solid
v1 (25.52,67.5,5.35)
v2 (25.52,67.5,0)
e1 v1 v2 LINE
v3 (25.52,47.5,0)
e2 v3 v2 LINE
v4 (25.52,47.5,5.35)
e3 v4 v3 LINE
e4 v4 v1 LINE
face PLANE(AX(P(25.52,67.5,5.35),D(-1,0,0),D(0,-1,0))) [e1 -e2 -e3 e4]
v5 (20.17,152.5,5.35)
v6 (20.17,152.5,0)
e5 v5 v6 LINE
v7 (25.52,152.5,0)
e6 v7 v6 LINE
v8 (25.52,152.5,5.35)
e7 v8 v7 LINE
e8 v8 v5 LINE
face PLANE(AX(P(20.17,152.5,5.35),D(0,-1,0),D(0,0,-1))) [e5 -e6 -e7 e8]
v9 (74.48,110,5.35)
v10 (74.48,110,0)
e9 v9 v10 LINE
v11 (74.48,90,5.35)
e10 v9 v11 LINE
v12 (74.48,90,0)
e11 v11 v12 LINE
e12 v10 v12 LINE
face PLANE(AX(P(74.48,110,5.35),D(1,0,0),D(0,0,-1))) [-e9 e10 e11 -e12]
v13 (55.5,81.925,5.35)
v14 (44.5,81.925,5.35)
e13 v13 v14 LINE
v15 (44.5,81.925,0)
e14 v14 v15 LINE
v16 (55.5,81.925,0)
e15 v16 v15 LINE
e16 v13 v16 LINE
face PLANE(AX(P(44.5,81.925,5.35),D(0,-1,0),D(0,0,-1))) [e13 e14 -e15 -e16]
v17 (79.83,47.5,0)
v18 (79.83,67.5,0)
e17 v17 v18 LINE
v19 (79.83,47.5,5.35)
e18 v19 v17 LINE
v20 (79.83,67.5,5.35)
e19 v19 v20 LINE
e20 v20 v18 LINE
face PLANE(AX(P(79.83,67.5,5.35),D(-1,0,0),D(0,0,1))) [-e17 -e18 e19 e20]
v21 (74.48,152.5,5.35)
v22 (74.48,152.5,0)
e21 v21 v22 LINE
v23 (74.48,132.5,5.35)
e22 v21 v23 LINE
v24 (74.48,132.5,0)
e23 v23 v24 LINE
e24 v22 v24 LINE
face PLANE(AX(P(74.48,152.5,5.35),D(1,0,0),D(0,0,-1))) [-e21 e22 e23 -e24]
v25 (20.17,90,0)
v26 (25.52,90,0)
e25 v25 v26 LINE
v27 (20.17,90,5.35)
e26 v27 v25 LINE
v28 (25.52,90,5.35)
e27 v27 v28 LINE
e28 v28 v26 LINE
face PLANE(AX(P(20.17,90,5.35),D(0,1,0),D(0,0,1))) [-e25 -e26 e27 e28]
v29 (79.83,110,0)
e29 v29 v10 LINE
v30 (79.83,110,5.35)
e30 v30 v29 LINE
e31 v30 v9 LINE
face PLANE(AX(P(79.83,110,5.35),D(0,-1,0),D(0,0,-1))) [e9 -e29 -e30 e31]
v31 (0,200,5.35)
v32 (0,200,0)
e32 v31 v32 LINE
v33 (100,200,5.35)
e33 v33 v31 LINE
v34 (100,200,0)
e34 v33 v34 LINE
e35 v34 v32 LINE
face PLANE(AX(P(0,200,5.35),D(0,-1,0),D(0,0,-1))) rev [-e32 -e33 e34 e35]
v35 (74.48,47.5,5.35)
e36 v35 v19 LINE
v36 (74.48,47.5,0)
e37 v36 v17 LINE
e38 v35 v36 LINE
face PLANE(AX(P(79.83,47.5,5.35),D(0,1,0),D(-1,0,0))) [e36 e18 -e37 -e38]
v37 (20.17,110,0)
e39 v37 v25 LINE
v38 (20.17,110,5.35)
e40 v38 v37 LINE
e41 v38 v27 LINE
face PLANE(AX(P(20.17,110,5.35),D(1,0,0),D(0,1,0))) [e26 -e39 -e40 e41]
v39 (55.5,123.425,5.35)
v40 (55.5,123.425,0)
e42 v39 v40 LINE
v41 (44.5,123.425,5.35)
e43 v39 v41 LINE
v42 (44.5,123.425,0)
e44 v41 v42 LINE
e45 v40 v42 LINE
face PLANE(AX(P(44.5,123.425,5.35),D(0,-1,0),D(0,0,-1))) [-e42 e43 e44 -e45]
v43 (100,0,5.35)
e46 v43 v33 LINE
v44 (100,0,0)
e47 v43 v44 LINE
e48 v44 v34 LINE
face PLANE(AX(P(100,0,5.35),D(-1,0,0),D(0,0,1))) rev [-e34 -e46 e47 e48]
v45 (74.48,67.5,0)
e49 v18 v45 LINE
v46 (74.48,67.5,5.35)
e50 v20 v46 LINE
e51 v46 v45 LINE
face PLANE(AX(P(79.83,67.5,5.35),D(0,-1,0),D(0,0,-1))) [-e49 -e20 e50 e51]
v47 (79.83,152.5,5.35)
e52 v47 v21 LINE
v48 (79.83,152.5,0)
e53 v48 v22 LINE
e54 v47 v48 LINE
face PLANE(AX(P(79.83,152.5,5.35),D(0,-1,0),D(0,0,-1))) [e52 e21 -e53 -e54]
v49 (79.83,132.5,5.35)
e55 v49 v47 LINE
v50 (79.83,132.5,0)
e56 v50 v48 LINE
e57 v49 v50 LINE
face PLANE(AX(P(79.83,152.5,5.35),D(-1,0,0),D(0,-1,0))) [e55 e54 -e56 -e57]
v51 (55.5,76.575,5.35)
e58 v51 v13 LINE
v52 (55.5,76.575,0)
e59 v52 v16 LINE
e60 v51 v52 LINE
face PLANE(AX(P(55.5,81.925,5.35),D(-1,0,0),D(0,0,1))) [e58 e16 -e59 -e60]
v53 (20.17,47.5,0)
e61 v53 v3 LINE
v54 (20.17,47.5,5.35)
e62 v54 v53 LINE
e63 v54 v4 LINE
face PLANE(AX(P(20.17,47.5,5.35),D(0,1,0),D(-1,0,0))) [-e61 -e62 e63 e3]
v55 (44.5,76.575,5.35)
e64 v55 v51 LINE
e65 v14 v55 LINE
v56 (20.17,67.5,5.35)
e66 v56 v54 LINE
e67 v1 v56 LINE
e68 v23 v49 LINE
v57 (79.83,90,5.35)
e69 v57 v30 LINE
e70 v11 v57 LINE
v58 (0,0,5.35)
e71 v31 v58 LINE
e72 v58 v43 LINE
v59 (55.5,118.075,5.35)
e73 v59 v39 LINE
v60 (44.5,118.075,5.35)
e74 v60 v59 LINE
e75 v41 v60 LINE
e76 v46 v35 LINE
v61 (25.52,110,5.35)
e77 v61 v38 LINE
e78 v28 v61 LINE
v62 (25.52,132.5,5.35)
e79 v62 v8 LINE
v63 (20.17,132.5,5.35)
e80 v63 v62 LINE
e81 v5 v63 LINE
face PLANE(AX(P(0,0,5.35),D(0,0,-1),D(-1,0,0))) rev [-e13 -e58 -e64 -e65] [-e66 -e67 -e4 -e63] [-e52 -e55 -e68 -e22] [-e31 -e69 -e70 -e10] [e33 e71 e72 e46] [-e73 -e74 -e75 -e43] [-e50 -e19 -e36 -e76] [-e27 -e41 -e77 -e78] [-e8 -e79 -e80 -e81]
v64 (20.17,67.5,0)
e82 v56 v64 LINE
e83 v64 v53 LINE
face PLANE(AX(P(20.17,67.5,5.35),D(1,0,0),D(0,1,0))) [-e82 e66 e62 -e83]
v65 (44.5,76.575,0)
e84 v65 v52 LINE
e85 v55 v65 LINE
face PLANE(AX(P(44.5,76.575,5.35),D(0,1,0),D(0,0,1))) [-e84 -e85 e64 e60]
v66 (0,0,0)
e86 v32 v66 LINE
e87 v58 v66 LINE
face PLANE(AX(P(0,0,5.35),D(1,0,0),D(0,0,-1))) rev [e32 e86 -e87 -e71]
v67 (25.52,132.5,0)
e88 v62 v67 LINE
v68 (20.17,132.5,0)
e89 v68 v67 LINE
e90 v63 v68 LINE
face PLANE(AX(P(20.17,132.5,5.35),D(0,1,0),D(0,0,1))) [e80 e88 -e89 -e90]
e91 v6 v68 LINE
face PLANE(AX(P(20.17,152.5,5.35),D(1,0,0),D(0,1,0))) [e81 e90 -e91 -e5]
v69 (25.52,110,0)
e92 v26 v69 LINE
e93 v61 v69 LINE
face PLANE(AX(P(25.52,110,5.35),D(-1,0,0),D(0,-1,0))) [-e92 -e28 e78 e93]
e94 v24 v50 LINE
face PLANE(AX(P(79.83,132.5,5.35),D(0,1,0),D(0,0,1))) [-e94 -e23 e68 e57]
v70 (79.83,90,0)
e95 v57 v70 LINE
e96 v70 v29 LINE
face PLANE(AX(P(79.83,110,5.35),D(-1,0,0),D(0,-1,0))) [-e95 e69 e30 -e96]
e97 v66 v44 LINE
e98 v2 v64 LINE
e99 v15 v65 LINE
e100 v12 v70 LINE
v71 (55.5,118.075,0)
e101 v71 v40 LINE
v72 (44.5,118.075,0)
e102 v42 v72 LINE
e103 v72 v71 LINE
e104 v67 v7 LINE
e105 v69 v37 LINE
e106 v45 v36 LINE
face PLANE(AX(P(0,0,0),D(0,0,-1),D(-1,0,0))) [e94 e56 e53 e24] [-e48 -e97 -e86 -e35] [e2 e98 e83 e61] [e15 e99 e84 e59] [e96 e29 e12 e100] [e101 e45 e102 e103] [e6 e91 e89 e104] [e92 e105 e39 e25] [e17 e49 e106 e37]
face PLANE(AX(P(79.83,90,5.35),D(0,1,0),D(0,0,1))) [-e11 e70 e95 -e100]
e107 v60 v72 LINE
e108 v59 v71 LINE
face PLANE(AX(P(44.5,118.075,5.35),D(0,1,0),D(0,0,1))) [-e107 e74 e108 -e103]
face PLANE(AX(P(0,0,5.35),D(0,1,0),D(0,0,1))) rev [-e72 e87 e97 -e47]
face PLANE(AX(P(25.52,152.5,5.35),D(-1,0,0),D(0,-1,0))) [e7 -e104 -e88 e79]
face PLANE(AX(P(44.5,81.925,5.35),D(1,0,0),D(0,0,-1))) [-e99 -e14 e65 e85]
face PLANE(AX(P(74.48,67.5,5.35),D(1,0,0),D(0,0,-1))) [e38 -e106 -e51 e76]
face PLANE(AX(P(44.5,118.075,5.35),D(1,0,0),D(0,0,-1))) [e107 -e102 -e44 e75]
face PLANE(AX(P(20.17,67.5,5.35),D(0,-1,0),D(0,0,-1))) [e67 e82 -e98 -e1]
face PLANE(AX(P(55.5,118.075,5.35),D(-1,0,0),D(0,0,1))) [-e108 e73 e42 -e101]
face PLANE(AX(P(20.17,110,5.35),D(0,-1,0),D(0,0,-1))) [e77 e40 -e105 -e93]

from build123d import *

# Parameters (mm, degrees)
MODEL_W             = 100
MODEL_H             = 200
MODEL_W_2           = 5.35
MODEL_H_2           = 20
MODEL_W_3           = 11
MODEL_H_3           = 5.35
BOSS_EXTRUDE1_DEPTH = 5.35


with BuildPart() as part:
    # Model → Boss-Extrude1 (new body)
    with BuildSketch(Plane.XY):
        with Locations((50, 100)):
            Rectangle(MODEL_W, MODEL_H)
        with Locations((22.845, 142.5)):
            Rectangle(MODEL_W_2, MODEL_H_2, mode=Mode.SUBTRACT)
        with Locations((77.155, 57.5)):
            Rectangle(MODEL_W_2, MODEL_H_2, mode=Mode.SUBTRACT)
        with Locations((22.845, 100)):
            Rectangle(MODEL_W_2, MODEL_H_2, mode=Mode.SUBTRACT)
        with Locations((22.845, 57.5)):
            Rectangle(MODEL_W_2, MODEL_H_2, mode=Mode.SUBTRACT)
        with Locations((77.155, 100)):
            Rectangle(MODEL_W_2, MODEL_H_2, mode=Mode.SUBTRACT)
        with Locations((77.155, 142.5)):
            Rectangle(MODEL_W_2, MODEL_H_2, mode=Mode.SUBTRACT)
        with Locations((50, 120.75)):
            Rectangle(MODEL_W_3, MODEL_H_3, mode=Mode.SUBTRACT)
        with Locations((50, 79.25)):
            Rectangle(MODEL_W_3, MODEL_H_3, mode=Mode.SUBTRACT)
    extrude(amount=BOSS_EXTRUDE1_DEPTH)


solid = part.part
